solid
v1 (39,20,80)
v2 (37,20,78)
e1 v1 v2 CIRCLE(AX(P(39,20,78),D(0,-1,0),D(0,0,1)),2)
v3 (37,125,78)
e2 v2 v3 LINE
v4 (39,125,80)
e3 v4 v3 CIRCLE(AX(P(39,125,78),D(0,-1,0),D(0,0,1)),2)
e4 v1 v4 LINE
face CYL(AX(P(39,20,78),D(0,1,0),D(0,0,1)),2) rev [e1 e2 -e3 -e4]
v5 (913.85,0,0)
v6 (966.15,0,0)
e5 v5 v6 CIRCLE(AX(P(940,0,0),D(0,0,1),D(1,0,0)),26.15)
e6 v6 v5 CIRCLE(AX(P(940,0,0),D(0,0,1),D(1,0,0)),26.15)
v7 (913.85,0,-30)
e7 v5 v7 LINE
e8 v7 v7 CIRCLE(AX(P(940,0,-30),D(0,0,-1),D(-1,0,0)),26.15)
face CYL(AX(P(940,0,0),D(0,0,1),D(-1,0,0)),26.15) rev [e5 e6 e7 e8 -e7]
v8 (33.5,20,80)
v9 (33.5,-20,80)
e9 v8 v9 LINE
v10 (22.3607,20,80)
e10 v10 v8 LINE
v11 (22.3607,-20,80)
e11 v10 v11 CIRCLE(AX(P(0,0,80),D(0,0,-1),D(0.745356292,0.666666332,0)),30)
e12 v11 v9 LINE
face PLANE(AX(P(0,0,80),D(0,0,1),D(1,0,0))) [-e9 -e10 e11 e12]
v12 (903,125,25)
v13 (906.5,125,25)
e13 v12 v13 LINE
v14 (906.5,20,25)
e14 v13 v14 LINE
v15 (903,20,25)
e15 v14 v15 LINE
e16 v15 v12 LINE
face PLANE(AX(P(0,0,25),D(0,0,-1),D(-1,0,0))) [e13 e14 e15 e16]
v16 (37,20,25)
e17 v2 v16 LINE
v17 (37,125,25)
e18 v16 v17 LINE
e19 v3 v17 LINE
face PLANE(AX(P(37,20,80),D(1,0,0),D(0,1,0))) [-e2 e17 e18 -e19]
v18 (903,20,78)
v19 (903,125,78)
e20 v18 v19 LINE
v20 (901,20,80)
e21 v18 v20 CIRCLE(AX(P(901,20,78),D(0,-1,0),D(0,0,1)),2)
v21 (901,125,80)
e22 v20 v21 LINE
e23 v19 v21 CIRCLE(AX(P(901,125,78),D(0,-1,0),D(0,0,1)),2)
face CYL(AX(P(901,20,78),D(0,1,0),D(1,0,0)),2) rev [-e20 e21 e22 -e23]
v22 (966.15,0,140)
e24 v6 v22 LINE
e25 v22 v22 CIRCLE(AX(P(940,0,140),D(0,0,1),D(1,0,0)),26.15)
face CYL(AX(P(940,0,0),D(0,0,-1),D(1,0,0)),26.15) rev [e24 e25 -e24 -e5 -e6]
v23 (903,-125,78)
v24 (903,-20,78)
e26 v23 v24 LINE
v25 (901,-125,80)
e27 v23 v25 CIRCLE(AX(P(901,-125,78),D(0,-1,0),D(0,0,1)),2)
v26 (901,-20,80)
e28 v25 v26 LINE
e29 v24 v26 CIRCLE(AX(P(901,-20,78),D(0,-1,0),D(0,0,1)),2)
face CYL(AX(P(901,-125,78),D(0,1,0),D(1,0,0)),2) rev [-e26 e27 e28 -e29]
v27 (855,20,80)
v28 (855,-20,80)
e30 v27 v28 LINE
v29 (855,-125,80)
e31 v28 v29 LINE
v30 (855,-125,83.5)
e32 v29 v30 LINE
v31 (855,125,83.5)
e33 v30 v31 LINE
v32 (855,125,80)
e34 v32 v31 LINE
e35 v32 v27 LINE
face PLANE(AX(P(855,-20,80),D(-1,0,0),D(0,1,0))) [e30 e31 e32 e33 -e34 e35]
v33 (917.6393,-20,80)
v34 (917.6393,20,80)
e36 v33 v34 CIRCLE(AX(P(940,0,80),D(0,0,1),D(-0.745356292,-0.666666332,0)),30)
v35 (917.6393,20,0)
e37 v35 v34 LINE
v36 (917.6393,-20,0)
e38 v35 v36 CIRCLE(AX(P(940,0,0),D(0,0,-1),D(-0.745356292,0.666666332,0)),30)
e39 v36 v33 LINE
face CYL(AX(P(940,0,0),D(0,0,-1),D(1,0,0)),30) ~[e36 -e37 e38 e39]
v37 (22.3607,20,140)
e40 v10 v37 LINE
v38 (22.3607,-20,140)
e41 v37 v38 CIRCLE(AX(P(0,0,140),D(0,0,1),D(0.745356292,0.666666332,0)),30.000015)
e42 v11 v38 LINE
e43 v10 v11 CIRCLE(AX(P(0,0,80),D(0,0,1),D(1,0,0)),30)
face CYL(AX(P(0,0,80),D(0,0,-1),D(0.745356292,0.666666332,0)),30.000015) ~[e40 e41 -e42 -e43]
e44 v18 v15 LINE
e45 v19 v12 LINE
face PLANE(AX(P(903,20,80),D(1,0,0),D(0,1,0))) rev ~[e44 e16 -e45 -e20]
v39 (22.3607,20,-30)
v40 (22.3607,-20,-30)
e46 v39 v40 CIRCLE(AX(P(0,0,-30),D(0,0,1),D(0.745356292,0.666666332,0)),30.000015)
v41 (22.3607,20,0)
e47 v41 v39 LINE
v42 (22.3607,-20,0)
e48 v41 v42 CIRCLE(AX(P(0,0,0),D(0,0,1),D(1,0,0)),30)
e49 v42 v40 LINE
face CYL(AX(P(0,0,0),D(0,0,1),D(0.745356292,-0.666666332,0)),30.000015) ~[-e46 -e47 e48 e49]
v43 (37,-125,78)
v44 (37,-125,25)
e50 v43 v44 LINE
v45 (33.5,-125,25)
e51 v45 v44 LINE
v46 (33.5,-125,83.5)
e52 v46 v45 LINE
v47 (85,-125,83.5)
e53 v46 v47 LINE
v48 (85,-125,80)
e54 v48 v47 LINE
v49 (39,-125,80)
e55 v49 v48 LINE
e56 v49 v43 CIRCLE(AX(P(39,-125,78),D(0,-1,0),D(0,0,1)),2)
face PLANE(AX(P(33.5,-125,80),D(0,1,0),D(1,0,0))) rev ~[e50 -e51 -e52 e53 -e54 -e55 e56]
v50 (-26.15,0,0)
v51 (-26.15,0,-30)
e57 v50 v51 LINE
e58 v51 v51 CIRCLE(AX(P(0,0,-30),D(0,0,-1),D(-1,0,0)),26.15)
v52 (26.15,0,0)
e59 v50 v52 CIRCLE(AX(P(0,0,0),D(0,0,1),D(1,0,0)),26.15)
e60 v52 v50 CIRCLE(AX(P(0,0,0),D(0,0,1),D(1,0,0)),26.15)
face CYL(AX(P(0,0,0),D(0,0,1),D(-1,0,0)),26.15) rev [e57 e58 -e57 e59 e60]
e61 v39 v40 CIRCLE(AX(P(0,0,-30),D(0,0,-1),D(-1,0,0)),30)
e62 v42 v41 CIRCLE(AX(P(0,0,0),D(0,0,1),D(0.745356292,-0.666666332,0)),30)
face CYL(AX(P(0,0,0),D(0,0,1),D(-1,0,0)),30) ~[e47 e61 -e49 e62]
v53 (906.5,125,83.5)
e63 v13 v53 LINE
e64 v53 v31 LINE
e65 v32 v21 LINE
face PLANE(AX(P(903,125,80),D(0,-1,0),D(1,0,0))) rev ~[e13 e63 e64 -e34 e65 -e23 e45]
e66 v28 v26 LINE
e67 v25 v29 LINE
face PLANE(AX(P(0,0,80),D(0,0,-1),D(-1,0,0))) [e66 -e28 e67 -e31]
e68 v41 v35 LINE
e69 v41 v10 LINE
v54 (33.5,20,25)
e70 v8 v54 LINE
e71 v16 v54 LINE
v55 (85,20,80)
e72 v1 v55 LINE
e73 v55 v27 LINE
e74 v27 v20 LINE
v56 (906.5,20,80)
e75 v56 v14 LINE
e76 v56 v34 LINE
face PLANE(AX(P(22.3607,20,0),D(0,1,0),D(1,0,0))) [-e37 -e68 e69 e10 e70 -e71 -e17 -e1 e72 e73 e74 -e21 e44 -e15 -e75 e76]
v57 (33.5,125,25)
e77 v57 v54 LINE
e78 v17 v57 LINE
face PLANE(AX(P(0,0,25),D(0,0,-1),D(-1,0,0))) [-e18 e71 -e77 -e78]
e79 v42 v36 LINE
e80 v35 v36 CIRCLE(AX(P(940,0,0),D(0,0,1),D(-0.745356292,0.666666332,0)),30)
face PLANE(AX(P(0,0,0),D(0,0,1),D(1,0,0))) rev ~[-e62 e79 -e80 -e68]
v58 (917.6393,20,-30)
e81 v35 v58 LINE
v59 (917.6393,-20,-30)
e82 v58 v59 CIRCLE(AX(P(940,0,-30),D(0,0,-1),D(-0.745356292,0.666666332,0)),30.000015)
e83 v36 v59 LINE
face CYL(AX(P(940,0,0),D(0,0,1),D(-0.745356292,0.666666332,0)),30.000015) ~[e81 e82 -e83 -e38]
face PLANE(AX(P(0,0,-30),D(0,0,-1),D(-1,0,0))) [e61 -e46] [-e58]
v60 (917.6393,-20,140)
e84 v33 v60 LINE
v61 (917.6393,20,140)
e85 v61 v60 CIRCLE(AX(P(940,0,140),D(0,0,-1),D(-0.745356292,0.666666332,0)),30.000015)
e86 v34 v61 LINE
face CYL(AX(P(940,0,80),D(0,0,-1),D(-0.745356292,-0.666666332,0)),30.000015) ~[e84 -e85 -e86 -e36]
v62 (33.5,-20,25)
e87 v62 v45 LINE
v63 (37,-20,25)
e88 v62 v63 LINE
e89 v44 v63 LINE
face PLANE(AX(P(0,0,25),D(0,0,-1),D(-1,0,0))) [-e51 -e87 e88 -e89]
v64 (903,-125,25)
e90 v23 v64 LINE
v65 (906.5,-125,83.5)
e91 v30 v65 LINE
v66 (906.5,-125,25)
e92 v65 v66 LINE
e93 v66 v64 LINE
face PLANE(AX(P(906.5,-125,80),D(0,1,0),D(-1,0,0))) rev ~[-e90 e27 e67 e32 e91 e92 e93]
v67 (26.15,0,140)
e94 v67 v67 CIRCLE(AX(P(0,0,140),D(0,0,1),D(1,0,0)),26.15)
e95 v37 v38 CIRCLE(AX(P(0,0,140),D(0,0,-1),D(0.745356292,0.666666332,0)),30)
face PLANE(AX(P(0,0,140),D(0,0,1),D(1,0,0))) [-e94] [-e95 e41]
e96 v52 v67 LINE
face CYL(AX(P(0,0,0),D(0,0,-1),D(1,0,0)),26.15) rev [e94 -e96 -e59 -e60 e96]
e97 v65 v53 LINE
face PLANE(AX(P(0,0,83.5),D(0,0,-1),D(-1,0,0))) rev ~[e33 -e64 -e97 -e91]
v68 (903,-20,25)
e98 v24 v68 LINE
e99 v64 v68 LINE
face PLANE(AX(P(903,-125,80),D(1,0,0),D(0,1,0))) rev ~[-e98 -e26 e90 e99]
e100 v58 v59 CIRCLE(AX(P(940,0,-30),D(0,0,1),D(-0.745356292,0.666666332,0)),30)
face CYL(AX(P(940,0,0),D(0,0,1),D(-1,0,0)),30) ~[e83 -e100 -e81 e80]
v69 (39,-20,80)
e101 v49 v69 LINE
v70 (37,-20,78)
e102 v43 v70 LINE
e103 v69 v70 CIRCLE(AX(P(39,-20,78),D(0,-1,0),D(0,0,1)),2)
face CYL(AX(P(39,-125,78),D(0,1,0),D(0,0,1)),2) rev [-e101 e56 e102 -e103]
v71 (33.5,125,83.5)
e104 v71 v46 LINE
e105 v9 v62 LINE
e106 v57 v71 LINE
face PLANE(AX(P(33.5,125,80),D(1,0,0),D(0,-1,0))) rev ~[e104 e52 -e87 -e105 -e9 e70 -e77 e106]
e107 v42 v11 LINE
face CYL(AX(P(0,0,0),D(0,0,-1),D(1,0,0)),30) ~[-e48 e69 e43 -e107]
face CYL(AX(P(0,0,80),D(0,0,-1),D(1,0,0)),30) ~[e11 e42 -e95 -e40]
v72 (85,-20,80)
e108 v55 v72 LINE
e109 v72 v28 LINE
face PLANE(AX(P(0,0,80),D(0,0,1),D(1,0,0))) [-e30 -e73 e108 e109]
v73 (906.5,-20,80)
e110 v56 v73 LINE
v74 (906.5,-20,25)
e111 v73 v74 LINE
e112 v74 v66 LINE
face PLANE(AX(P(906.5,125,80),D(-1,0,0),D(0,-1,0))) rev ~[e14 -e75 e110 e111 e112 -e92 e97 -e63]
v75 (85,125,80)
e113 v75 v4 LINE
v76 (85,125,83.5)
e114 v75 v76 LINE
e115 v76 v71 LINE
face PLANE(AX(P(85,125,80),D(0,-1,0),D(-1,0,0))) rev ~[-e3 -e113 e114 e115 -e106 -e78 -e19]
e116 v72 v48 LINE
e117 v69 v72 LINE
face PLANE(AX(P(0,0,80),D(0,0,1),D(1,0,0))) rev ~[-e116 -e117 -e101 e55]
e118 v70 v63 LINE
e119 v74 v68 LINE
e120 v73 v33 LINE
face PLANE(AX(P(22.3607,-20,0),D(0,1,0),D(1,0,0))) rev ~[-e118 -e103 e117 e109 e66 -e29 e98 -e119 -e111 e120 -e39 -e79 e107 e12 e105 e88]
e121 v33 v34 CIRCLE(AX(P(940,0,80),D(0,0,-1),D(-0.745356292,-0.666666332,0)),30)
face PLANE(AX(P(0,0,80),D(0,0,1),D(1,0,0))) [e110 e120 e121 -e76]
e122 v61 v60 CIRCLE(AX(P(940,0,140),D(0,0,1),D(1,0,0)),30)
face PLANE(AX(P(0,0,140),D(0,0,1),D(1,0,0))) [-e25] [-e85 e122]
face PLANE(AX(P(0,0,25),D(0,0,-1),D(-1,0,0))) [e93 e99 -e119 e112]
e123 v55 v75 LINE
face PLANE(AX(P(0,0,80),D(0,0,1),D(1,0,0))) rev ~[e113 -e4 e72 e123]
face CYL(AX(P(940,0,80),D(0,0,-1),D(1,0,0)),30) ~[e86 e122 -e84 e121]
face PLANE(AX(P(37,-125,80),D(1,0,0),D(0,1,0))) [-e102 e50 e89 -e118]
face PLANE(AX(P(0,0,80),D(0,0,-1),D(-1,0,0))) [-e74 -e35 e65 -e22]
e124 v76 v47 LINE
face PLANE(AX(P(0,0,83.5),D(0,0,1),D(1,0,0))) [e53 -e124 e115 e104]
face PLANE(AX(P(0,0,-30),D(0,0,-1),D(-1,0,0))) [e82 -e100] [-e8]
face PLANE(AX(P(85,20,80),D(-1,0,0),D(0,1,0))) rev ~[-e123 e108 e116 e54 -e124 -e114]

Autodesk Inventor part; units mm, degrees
ref_plane "YZ Plane" through (0, 0, 0) normal (1, 0, 0) x (0, 1, 0)
ref_plane "XZ Plane" through (0, 0, 0) normal (0, 1, 0) x (-1, 0, 0)
ref_plane "XY Plane" through (0, 0, 0) normal (0, 0, 1) x (1, 0, 0)
sketch "Boceto1" plane through (0, 0, 0) normal (0, 0, 1) x (1, 0, 0)
  circle A0 centre (0, 0) radius 30
  circle A1 centre (0, 0) radius 26.15
  circle A2 centre (940, 0) radius 30
  circle A3 centre (940, 0) radius 26.15
  line L0 (22.3607, -20) -> (917.6393, -20)
  line L1 (26.15, 0) -> (30, 0)
  line L2 (910, 0) -> (940, 0)
  line L3 (22.3607, 20) -> (917.6393, 20)
  dimension "d1" = 52.3
  dimension "d0" = 60
  dimension "d2" = 940
  dimension "d3" = 60
  dimension "d4" = 52.3
extrude "Extrusión1" add sketch "Boceto1" along normal blind 80
sketch "Boceto2" plane through (0, 0, 80) normal (0, 0, 1) x (1, 0, 0)
  arc A0 (22.3607, 20) -> (22.3607, -20) centre (0, 0) ccw projected
  line L0 (22.3607, -20) -> (917.6393, -20) projected
  arc A1 (917.6393, -20) -> (917.6393, 20) centre (940, 0) ccw projected
  line L1 (917.6393, 20) -> (22.3607, 20) projected
  circle A2 centre (940, 0) radius 26.15 projected
  circle A3 centre (0, 0) radius 26.15 projected
  circle A4 centre (0, 0) radius 30
  circle A5 centre (940, 0) radius 30
  point P0 (917.6393, 20)
  point P1 (22.3607, -20)
extrude "Extrusión2" add sketch "Boceto2" along normal blind 60 contours A4 A0 | A1 A5
sketch "Boceto3" plane through (0, 0, 0) normal (0, 0, -1) x (-1, 0, 0)
  arc A0 (-22.3607, -20) -> (-22.3607, 20) centre (0, 0) ccw projected
  line L0 (-917.6393, 20) -> (-22.3607, 20) projected
  arc A1 (-917.6393, 20) -> (-917.6393, -20) centre (-940, 0) ccw projected
  line L1 (-22.3607, -20) -> (-917.6393, -20) projected
  circle A2 centre (-940, 0) radius 26.15 projected
  circle A3 centre (0, 0) radius 26.15 projected
  circle A4 centre (0, 0) radius 30
  arc A5 (-917.6393, 20) -> (-917.6393, -20) centre (-940, 0) ccw projected
  circle A6 centre (-940, 0) radius 30
  point P0 (-22.3607, 20)
extrude "Extrusión3" add sketch "Boceto3" along normal blind 30 contours A4 A0 | A1 A6
sketch "Boceto7" plane through (0, 0, 80) normal (0, 0, 1) x (1, 0, 0)
  line L0 (85, 125) -> (30, 125) projected
  line L1 (85, 20) -> (85, 125) projected
  line L2 (33.5, 125) -> (33.5, -125) projected
  line L3 (30, -125) -> (85, -125) projected
  line L4 (33.5, 125) -> (85, 125)
  line L5 (85, 125) -> (85, -125)
  line L6 (85, -125) -> (33.5, -125)
  line L7 (33.5, -125) -> (33.5, 125)
  point P0 (0, 0)
extrude "Extrusión7" add sketch "Boceto7" along normal blind 3.5
sketch "Boceto8" plane through (0, 0, 80) normal (0, 0, -1) x (-1, 0, 0)
  line L0 (-33.5, -20) -> (-85, -20) projected
  line L1 (-85, -125) -> (-85, -20) projected
  line L2 (-33.5, -125) -> (-85, -125) projected
  line L3 (-33.5, -20) -> (-33.5, -125) projected
  line L4 (-85, 20) -> (-33.5, 20) projected
  line L5 (-33.5, 125) -> (-33.5, 20) projected
  line L6 (-85, 125) -> (-33.5, 125) projected
  line L7 (-85, 20) -> (-85, 125) projected
  line L8 (-33.5, 125) -> (-33.5, -125) projected
  line L9 (-85, 125) -> (-33.5, 125) projected
  line L10 (-33.5, -125) -> (-37, -125)
  line L11 (-37, -125) -> (-37, 125)
  line L12 (-37, 125) -> (-33.5, 125)
  line L13 (-33.5, 125) -> (-33.5, -125)
  line L14 (-917.6393, 20) -> (-22.3607, 20) projected
  line L15 (-470, 20) -> (-470, -237.5428)
  line L16 (-906.5, -20) -> (-855, -20)
  line L17 (-855, -125) -> (-855, -20)
  line L18 (-906.5, -125) -> (-855, -125)
  line L19 (-906.5, -20) -> (-906.5, -125)
  line L20 (-855, 20) -> (-906.5, 20)
  line L21 (-906.5, 125) -> (-906.5, 20)
  line L22 (-855, 125) -> (-906.5, 125)
  line L23 (-855, 20) -> (-855, 125)
  line L24 (-906.5, 125) -> (-906.5, -125)
  line L25 (-855, 125) -> (-906.5, 125)
  line L26 (-906.5, -125) -> (-903, -125)
  line L27 (-903, -125) -> (-903, 125)
  line L28 (-903, 125) -> (-906.5, 125)
  line L29 (-906.5, 125) -> (-906.5, -125)
  line L30 (-855, 125) -> (-903, 125)
  line L31 (-903, 125) -> (-903, -125)
  line L32 (-903, -125) -> (-855, -125)
  line L33 (-855, -125) -> (-855, 125)
  point P0 (0, 0)
  point P1 (-37, 20)
  point P2 (-37, -20)
  point P3 (-903, 20)
  point P4 (-903, -20)
  dimension "d26" = 3.5
extrude "Extrusión8" add sketch "Boceto8" along normal blind 55 contours L3 L2 L11 L0 | L4 L11 L6 L5
fillet "Empalme3" radius 2 2 edges at (37, -72.5, 80) (37, 72.5, 80)
extrude "Extrusión9" add sketch "Boceto8" against normal blind 3.5 contours L33 L16 L27 L14 | L14 L27 L22 L23 | L27 L16 L24 L14 | L14 L21 L22 L27 | L17 L18 L27 L16 | L27 L18 L19 L16
extrude "Extrusión10" add sketch "Boceto8" along normal blind 55 contours L14 L21 L22 L27 | L27 L18 L19 L16
fillet "Empalme4" radius 2 2 edges at (903, -72.5, 80) (903, 72.5, 80)
properties part number "bocina2"
